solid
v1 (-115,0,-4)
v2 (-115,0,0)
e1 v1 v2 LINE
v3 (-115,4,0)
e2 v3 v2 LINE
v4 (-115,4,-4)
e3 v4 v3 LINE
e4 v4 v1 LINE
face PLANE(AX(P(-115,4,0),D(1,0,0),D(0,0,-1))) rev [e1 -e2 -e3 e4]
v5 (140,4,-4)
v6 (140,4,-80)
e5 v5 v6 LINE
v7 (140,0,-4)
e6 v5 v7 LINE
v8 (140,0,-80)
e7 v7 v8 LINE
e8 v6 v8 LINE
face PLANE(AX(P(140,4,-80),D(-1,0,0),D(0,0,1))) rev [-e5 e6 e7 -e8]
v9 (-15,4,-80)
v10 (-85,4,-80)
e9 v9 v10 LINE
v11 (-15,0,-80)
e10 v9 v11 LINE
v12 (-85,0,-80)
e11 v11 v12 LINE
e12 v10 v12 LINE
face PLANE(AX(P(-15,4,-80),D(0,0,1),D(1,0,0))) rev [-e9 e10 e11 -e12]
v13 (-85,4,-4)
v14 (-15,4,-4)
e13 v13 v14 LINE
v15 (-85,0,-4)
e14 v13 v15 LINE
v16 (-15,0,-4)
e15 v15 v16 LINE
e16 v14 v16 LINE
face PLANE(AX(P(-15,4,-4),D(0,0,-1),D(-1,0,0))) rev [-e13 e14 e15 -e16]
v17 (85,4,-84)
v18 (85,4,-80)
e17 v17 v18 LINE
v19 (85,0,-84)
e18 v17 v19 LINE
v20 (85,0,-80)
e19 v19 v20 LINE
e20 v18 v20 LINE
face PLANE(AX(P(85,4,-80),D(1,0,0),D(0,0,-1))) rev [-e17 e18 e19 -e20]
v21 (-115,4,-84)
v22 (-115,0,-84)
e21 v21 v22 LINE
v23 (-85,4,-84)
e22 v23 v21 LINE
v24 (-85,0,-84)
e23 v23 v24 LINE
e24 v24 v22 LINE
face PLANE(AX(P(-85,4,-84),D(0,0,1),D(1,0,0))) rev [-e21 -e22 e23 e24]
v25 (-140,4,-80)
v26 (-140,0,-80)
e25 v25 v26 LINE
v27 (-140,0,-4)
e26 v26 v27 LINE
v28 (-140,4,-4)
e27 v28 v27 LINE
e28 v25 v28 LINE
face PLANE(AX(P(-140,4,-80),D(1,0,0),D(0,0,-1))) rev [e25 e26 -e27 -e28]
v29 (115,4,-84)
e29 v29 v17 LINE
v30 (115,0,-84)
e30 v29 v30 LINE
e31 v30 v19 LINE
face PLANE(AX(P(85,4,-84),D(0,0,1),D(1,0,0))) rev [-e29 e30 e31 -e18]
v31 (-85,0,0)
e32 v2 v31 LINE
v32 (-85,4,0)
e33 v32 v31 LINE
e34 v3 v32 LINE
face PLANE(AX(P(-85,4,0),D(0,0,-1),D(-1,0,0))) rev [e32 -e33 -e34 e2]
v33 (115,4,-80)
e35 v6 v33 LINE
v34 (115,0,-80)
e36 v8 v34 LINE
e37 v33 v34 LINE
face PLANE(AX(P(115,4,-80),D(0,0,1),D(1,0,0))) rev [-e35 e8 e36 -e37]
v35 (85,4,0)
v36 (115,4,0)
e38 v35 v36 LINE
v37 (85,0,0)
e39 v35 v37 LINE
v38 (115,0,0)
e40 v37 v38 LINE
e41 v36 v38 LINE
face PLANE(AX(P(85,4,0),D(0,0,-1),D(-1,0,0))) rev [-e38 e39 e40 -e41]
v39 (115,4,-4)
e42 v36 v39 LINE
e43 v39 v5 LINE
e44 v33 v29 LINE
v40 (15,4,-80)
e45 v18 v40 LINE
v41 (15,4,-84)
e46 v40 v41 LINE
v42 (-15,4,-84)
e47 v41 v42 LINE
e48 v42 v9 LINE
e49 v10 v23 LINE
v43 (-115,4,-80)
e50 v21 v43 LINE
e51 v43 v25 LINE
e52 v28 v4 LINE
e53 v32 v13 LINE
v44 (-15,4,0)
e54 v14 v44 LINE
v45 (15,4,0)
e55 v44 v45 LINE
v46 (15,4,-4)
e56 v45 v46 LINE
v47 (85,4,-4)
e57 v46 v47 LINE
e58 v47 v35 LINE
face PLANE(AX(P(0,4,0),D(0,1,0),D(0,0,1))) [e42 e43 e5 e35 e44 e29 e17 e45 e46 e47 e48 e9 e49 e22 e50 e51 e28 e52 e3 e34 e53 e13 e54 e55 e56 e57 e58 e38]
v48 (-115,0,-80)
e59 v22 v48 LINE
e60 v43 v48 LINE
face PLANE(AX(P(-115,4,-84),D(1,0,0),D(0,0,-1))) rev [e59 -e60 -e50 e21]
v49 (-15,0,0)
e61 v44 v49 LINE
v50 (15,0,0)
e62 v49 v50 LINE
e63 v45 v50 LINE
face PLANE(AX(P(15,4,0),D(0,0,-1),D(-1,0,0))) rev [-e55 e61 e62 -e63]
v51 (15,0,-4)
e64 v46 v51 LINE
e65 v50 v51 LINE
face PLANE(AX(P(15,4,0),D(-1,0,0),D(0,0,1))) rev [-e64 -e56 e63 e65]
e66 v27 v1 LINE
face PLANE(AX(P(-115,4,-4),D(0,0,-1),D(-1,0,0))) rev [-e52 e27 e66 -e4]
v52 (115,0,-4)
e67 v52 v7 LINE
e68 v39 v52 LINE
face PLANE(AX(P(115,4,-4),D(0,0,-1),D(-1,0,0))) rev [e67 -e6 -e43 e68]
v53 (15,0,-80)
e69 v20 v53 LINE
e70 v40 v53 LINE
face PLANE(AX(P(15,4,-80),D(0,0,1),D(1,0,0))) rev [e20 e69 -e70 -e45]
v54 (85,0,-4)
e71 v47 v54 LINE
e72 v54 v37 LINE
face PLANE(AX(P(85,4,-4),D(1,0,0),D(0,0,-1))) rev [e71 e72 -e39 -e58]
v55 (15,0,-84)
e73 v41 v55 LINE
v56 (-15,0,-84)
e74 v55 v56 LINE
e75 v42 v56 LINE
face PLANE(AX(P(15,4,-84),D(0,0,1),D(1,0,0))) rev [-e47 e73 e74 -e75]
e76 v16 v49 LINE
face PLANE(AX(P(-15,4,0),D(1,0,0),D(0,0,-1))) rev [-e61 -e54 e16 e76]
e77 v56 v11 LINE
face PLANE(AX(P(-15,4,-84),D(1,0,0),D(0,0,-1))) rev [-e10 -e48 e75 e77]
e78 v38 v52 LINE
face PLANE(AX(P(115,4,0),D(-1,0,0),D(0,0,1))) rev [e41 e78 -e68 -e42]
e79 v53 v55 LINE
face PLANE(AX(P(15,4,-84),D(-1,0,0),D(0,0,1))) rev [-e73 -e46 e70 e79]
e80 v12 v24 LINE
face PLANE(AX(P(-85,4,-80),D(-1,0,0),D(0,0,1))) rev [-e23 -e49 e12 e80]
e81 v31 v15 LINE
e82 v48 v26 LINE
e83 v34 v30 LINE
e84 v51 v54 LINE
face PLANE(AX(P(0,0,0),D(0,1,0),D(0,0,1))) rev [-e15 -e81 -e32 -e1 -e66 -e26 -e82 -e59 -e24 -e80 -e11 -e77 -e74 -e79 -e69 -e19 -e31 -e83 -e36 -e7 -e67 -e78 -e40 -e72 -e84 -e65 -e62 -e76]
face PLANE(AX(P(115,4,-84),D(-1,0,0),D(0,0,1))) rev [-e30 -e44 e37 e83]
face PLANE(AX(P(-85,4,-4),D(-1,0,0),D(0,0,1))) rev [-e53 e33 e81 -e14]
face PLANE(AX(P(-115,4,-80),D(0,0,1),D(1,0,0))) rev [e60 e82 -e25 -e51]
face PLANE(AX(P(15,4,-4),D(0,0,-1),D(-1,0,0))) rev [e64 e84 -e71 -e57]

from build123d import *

# Parameters (mm, degrees)
RESSALTO_EXTRUS_O1_DEPTH = 4


with BuildPart() as part:
    # Esboço1 → Ressalto-extrusão1 (new body)
    with BuildSketch(Plane(origin=(0, 0, 0), x_dir=(1, 0, 0), z_dir=(0, 1, 0))):
        Polygon((15, 0), (-15, 0), (-15, 4), (-85, 4), (-85, 0), (-115, 0), (-115, 4), (-140, 4), (-140, 80), (-115, 80), (-115, 84), (-85, 84), (-85, 80), (-15, 80), (-15, 84), (15, 84), (15, 80), (85, 80), (85, 84), (115, 84), (115, 80), (140, 80), (140, 4), (115, 4), (115, 0), (85, 0), (85, 4), (15, 4), align=None)
    extrude(amount=RESSALTO_EXTRUS_O1_DEPTH)


solid = part.part
